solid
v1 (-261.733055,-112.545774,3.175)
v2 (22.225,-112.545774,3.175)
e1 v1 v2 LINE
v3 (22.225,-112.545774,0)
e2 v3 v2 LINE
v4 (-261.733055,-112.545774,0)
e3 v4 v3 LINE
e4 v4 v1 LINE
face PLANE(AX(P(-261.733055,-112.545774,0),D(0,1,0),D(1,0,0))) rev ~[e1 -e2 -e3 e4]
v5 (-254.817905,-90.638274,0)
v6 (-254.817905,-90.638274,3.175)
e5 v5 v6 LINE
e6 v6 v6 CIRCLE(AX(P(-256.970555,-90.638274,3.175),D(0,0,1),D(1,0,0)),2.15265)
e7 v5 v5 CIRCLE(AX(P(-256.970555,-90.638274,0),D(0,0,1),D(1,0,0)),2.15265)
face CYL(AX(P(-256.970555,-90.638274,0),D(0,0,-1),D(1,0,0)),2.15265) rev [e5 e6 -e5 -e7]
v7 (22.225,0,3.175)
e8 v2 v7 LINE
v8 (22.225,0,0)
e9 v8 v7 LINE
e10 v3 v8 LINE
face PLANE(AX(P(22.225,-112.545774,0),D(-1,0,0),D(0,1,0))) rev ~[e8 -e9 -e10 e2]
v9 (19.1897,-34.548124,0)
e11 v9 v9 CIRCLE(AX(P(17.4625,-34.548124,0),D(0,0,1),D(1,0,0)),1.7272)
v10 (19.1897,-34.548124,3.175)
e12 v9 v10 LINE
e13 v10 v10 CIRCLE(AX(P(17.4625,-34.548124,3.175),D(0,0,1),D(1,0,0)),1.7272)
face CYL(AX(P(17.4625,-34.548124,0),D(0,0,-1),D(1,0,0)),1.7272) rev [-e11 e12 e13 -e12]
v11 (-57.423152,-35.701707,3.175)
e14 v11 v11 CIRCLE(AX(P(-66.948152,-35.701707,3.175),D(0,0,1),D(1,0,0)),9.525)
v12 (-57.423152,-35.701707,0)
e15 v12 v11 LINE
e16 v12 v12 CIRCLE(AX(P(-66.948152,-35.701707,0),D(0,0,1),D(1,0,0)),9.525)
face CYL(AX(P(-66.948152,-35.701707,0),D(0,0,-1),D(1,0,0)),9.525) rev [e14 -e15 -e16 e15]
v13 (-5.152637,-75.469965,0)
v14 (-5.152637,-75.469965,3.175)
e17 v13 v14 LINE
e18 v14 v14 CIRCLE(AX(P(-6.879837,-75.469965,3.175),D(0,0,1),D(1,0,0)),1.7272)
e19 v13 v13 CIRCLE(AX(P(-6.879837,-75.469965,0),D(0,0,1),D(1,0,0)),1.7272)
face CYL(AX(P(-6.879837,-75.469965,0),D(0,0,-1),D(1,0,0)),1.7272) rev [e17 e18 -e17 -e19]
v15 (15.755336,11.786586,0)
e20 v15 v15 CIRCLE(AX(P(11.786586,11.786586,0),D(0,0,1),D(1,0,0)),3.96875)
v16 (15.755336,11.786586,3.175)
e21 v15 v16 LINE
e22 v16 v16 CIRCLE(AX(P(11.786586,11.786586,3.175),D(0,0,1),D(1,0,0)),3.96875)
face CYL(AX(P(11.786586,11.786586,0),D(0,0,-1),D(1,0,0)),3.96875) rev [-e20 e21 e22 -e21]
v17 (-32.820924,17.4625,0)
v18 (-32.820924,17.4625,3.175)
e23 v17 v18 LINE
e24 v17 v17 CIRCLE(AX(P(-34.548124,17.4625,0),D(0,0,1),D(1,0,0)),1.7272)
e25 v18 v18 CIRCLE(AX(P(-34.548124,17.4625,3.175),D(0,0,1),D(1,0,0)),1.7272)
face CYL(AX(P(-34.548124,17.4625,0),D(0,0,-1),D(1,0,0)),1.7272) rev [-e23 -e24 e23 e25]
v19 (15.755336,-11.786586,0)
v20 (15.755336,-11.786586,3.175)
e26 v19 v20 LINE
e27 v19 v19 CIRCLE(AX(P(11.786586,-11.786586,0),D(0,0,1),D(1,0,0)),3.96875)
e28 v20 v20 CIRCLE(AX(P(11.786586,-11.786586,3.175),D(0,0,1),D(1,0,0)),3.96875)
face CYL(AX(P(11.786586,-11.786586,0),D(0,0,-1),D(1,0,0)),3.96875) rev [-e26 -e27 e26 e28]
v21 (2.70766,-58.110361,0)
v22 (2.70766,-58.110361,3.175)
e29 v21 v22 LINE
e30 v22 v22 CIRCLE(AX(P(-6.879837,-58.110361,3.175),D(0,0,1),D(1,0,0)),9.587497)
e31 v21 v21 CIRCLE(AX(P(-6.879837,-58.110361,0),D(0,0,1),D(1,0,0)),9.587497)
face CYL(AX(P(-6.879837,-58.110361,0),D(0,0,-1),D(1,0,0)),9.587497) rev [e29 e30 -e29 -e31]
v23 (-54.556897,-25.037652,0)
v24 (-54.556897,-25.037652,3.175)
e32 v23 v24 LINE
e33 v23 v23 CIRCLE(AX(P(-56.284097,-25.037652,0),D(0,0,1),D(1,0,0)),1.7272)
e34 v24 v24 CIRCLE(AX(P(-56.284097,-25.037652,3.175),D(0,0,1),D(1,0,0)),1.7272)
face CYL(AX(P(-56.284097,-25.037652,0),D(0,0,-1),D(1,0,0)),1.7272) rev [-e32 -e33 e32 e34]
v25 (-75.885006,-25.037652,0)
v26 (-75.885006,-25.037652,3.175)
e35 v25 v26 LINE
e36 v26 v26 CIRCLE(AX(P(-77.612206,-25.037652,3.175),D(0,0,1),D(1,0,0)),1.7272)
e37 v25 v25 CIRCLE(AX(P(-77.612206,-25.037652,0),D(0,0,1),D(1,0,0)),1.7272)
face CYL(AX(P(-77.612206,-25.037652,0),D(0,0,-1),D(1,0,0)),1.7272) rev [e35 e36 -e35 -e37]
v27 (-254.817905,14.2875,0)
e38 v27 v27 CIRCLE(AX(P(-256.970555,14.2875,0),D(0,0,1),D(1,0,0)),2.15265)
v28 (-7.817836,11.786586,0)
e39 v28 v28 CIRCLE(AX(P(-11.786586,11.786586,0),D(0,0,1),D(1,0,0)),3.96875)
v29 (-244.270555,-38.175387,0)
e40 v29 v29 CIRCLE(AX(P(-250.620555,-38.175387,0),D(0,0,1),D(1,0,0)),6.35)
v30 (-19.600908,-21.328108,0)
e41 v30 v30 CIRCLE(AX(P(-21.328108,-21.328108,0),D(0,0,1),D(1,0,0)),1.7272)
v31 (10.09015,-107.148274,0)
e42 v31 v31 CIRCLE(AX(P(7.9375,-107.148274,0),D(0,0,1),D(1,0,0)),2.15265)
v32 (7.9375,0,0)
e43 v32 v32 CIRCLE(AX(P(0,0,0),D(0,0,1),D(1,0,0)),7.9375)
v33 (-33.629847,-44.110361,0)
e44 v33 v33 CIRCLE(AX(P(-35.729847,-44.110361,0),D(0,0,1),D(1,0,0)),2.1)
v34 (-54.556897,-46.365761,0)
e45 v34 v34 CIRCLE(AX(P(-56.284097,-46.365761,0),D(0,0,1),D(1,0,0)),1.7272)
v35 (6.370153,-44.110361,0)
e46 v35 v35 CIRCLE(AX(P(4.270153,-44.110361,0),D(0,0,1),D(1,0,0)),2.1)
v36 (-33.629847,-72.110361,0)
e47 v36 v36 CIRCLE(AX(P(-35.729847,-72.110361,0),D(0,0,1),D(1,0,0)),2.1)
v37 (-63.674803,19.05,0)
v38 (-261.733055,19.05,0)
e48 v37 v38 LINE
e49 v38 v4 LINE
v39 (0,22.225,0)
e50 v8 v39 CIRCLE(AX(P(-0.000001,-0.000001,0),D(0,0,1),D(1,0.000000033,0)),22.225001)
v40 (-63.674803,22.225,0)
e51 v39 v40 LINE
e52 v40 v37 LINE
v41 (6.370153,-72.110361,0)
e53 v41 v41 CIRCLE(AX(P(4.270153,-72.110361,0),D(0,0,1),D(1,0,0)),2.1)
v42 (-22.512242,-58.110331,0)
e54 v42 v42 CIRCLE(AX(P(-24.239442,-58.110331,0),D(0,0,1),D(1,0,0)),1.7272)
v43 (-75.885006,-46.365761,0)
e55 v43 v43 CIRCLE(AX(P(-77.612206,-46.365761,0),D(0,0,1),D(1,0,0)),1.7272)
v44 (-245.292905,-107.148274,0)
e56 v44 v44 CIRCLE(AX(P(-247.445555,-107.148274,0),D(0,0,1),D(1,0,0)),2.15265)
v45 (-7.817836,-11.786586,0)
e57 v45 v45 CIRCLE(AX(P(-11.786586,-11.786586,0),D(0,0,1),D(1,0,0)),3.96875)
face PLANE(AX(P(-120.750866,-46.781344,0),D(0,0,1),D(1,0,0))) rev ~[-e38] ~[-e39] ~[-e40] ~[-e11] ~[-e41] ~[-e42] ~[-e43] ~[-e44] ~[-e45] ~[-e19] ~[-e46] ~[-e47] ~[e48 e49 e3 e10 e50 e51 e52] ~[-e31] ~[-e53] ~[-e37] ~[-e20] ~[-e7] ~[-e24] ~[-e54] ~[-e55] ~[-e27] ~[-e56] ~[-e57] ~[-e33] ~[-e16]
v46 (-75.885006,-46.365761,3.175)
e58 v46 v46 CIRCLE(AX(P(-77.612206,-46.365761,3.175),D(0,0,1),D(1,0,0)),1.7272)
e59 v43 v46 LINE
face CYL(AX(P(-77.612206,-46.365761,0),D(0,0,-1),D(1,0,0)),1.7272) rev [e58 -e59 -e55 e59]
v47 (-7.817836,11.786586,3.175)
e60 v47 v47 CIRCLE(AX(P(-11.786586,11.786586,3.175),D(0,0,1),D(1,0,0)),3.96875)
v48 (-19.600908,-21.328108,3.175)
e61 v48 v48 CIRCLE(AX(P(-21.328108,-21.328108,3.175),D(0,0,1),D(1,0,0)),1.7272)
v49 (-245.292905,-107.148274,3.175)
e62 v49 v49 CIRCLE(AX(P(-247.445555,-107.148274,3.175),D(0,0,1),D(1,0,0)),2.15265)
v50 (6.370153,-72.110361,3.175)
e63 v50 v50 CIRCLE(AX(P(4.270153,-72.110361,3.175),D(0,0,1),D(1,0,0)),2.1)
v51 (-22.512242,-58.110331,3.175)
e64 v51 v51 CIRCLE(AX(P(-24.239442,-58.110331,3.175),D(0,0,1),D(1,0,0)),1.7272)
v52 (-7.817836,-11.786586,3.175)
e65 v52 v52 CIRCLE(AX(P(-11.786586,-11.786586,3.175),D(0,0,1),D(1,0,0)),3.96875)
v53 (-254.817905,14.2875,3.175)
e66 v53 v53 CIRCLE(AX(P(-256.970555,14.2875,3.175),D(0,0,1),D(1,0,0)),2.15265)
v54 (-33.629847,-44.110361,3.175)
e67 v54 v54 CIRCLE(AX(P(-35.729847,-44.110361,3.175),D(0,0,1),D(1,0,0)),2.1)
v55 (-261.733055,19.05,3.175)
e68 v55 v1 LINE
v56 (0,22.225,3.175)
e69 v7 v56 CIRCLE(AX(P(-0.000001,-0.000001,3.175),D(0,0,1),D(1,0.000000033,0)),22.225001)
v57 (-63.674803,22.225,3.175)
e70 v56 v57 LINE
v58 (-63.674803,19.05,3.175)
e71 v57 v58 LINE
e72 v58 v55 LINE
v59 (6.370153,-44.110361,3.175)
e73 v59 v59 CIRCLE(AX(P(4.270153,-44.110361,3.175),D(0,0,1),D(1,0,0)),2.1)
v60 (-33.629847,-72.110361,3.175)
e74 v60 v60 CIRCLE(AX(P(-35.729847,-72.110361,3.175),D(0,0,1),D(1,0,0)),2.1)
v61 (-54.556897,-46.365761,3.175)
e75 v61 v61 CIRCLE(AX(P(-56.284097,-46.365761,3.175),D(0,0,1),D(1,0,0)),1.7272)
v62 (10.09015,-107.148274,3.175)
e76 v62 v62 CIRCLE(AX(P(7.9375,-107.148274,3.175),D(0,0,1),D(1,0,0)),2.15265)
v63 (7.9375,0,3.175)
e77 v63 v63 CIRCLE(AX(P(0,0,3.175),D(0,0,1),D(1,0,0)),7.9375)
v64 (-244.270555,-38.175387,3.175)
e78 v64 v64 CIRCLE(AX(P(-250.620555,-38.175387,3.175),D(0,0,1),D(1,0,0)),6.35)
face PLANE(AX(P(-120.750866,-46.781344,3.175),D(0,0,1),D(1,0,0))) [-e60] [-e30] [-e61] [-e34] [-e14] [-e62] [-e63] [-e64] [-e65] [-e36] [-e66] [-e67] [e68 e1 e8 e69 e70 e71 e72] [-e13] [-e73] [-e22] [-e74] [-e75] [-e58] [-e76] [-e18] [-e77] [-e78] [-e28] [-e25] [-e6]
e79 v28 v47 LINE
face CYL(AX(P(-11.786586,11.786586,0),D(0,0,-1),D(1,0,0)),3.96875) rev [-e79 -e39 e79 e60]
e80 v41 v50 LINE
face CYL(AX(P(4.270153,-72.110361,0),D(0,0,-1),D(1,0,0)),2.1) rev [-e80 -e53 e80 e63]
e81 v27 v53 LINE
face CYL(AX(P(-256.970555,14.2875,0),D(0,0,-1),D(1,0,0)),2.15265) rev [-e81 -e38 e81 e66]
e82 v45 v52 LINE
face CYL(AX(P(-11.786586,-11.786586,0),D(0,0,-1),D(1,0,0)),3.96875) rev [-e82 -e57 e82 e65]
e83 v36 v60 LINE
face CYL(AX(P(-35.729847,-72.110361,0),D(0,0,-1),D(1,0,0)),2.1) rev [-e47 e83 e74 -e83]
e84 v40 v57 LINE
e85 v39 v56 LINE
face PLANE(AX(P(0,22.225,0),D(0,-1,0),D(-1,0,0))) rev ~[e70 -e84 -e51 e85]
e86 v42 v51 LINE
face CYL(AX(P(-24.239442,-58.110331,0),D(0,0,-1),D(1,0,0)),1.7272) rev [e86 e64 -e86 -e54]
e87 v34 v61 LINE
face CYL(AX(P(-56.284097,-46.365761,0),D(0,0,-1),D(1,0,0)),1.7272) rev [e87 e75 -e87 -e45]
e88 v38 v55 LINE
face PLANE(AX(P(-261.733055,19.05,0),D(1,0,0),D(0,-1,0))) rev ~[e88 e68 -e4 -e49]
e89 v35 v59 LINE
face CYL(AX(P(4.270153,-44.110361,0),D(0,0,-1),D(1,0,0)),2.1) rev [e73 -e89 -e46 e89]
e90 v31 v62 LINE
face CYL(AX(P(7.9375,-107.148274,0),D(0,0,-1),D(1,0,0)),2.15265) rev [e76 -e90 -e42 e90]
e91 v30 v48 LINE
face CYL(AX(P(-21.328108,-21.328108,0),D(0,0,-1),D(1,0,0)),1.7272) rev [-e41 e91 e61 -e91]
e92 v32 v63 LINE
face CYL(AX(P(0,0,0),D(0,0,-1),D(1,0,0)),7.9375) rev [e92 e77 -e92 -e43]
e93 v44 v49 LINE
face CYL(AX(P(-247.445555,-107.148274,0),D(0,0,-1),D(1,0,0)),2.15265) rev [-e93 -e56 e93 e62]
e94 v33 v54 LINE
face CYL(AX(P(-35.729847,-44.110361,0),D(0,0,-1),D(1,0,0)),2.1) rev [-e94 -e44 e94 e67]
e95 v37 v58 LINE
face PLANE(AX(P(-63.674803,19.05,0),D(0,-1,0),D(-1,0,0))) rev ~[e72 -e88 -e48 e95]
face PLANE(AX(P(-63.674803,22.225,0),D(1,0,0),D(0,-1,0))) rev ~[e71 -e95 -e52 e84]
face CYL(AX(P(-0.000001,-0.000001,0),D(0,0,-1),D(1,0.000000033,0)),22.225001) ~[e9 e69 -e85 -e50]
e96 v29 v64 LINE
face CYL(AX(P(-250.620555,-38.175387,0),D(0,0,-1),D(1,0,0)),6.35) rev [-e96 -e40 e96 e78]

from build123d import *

# Parameters (mm, degrees)
F0_R     = 2.15265
F0_R_2   = 1.7272
F0_R_3   = 2.1
F0_R_4   = 9.587497
F0_R_5   = 6.35
F0_R_6   = 9.525
F0_R_7   = 3.96875
F0_R_8   = 7.9375
F1_DEPTH = 3.175


with BuildPart() as f1:
    # F0 (on Top) → F1 (new body)
    with BuildSketch(Plane.XY):
        with BuildLine():
            Line((0, 22.225), (-63.674803, 22.225))
            Line((-63.674803, 22.225), (-63.674803, 19.05))
            Line((-63.674803, 19.05), (-261.733055, 19.05))
            Line((-261.733055, 19.05), (-261.733055, -112.545774))
            Line((-261.733055, -112.545774), (22.225, -112.545774))
            Line((22.225, -112.545774), (22.225, -101.750774))
            Line((22.225, -101.750774), (22.225, 0))
            ThreePointArc((22.225, 0), (15.715448, 15.715448), (0, 22.225))
        make_face()
        with Locations((-247.445555, -107.148274)):
            Circle(F0_R, mode=Mode.SUBTRACT)
        with Locations((-256.970555, -90.638274)):
            Circle(F0_R, mode=Mode.SUBTRACT)
        with Locations((7.9375, -107.148274)):
            Circle(F0_R, mode=Mode.SUBTRACT)
        with Locations((-77.612206, -46.365761)):
            Circle(F0_R_2, mode=Mode.SUBTRACT)
        with Locations((-56.284097, -46.365761)):
            Circle(F0_R_2, mode=Mode.SUBTRACT)
        with Locations((-35.729847, -72.110361)):
            Circle(F0_R_3, mode=Mode.SUBTRACT)
        with Locations((-6.879837, -75.469965)):
            Circle(F0_R_2, mode=Mode.SUBTRACT)
        with Locations((4.270153, -72.110361)):
            Circle(F0_R_3, mode=Mode.SUBTRACT)
        with Locations((-24.239442, -58.110331)):
            Circle(F0_R_2, mode=Mode.SUBTRACT)
        with Locations((-6.879837, -58.110361)):
            Circle(F0_R_4, mode=Mode.SUBTRACT)
        with Locations((-250.620555, -38.175387)):
            Circle(F0_R_5, mode=Mode.SUBTRACT)
        with Locations((-256.970555, 14.2875)):
            Circle(F0_R, mode=Mode.SUBTRACT)
        with Locations((-66.948152, -35.701707)):
            Circle(F0_R_6, mode=Mode.SUBTRACT)
        with Locations((-77.612206, -25.037652)):
            Circle(F0_R_2, mode=Mode.SUBTRACT)
        with Locations((-56.284097, -25.037652)):
            Circle(F0_R_2, mode=Mode.SUBTRACT)
        with Locations((-35.729847, -44.110361)):
            Circle(F0_R_3, mode=Mode.SUBTRACT)
        with Locations((4.270153, -44.110361)):
            Circle(F0_R_3, mode=Mode.SUBTRACT)
        with Locations((17.4625, -34.548124)):
            Circle(F0_R_2, mode=Mode.SUBTRACT)
        with Locations((-21.328108, -21.328108)):
            Circle(F0_R_2, mode=Mode.SUBTRACT)
        with Locations((-11.786586, -11.786586)):
            Circle(F0_R_7, mode=Mode.SUBTRACT)
        with Locations((11.786586, -11.786586)):
            Circle(F0_R_7, mode=Mode.SUBTRACT)
        Circle(F0_R_8, mode=Mode.SUBTRACT)
        with Locations((-34.548124, 17.4625)):
            Circle(F0_R_2, mode=Mode.SUBTRACT)
        with Locations((-11.786586, 11.786586)):
            Circle(F0_R_7, mode=Mode.SUBTRACT)
        with Locations((11.786586, 11.786586)):
            Circle(F0_R_7, mode=Mode.SUBTRACT)
    extrude(amount=F1_DEPTH)


solid = f1.part
